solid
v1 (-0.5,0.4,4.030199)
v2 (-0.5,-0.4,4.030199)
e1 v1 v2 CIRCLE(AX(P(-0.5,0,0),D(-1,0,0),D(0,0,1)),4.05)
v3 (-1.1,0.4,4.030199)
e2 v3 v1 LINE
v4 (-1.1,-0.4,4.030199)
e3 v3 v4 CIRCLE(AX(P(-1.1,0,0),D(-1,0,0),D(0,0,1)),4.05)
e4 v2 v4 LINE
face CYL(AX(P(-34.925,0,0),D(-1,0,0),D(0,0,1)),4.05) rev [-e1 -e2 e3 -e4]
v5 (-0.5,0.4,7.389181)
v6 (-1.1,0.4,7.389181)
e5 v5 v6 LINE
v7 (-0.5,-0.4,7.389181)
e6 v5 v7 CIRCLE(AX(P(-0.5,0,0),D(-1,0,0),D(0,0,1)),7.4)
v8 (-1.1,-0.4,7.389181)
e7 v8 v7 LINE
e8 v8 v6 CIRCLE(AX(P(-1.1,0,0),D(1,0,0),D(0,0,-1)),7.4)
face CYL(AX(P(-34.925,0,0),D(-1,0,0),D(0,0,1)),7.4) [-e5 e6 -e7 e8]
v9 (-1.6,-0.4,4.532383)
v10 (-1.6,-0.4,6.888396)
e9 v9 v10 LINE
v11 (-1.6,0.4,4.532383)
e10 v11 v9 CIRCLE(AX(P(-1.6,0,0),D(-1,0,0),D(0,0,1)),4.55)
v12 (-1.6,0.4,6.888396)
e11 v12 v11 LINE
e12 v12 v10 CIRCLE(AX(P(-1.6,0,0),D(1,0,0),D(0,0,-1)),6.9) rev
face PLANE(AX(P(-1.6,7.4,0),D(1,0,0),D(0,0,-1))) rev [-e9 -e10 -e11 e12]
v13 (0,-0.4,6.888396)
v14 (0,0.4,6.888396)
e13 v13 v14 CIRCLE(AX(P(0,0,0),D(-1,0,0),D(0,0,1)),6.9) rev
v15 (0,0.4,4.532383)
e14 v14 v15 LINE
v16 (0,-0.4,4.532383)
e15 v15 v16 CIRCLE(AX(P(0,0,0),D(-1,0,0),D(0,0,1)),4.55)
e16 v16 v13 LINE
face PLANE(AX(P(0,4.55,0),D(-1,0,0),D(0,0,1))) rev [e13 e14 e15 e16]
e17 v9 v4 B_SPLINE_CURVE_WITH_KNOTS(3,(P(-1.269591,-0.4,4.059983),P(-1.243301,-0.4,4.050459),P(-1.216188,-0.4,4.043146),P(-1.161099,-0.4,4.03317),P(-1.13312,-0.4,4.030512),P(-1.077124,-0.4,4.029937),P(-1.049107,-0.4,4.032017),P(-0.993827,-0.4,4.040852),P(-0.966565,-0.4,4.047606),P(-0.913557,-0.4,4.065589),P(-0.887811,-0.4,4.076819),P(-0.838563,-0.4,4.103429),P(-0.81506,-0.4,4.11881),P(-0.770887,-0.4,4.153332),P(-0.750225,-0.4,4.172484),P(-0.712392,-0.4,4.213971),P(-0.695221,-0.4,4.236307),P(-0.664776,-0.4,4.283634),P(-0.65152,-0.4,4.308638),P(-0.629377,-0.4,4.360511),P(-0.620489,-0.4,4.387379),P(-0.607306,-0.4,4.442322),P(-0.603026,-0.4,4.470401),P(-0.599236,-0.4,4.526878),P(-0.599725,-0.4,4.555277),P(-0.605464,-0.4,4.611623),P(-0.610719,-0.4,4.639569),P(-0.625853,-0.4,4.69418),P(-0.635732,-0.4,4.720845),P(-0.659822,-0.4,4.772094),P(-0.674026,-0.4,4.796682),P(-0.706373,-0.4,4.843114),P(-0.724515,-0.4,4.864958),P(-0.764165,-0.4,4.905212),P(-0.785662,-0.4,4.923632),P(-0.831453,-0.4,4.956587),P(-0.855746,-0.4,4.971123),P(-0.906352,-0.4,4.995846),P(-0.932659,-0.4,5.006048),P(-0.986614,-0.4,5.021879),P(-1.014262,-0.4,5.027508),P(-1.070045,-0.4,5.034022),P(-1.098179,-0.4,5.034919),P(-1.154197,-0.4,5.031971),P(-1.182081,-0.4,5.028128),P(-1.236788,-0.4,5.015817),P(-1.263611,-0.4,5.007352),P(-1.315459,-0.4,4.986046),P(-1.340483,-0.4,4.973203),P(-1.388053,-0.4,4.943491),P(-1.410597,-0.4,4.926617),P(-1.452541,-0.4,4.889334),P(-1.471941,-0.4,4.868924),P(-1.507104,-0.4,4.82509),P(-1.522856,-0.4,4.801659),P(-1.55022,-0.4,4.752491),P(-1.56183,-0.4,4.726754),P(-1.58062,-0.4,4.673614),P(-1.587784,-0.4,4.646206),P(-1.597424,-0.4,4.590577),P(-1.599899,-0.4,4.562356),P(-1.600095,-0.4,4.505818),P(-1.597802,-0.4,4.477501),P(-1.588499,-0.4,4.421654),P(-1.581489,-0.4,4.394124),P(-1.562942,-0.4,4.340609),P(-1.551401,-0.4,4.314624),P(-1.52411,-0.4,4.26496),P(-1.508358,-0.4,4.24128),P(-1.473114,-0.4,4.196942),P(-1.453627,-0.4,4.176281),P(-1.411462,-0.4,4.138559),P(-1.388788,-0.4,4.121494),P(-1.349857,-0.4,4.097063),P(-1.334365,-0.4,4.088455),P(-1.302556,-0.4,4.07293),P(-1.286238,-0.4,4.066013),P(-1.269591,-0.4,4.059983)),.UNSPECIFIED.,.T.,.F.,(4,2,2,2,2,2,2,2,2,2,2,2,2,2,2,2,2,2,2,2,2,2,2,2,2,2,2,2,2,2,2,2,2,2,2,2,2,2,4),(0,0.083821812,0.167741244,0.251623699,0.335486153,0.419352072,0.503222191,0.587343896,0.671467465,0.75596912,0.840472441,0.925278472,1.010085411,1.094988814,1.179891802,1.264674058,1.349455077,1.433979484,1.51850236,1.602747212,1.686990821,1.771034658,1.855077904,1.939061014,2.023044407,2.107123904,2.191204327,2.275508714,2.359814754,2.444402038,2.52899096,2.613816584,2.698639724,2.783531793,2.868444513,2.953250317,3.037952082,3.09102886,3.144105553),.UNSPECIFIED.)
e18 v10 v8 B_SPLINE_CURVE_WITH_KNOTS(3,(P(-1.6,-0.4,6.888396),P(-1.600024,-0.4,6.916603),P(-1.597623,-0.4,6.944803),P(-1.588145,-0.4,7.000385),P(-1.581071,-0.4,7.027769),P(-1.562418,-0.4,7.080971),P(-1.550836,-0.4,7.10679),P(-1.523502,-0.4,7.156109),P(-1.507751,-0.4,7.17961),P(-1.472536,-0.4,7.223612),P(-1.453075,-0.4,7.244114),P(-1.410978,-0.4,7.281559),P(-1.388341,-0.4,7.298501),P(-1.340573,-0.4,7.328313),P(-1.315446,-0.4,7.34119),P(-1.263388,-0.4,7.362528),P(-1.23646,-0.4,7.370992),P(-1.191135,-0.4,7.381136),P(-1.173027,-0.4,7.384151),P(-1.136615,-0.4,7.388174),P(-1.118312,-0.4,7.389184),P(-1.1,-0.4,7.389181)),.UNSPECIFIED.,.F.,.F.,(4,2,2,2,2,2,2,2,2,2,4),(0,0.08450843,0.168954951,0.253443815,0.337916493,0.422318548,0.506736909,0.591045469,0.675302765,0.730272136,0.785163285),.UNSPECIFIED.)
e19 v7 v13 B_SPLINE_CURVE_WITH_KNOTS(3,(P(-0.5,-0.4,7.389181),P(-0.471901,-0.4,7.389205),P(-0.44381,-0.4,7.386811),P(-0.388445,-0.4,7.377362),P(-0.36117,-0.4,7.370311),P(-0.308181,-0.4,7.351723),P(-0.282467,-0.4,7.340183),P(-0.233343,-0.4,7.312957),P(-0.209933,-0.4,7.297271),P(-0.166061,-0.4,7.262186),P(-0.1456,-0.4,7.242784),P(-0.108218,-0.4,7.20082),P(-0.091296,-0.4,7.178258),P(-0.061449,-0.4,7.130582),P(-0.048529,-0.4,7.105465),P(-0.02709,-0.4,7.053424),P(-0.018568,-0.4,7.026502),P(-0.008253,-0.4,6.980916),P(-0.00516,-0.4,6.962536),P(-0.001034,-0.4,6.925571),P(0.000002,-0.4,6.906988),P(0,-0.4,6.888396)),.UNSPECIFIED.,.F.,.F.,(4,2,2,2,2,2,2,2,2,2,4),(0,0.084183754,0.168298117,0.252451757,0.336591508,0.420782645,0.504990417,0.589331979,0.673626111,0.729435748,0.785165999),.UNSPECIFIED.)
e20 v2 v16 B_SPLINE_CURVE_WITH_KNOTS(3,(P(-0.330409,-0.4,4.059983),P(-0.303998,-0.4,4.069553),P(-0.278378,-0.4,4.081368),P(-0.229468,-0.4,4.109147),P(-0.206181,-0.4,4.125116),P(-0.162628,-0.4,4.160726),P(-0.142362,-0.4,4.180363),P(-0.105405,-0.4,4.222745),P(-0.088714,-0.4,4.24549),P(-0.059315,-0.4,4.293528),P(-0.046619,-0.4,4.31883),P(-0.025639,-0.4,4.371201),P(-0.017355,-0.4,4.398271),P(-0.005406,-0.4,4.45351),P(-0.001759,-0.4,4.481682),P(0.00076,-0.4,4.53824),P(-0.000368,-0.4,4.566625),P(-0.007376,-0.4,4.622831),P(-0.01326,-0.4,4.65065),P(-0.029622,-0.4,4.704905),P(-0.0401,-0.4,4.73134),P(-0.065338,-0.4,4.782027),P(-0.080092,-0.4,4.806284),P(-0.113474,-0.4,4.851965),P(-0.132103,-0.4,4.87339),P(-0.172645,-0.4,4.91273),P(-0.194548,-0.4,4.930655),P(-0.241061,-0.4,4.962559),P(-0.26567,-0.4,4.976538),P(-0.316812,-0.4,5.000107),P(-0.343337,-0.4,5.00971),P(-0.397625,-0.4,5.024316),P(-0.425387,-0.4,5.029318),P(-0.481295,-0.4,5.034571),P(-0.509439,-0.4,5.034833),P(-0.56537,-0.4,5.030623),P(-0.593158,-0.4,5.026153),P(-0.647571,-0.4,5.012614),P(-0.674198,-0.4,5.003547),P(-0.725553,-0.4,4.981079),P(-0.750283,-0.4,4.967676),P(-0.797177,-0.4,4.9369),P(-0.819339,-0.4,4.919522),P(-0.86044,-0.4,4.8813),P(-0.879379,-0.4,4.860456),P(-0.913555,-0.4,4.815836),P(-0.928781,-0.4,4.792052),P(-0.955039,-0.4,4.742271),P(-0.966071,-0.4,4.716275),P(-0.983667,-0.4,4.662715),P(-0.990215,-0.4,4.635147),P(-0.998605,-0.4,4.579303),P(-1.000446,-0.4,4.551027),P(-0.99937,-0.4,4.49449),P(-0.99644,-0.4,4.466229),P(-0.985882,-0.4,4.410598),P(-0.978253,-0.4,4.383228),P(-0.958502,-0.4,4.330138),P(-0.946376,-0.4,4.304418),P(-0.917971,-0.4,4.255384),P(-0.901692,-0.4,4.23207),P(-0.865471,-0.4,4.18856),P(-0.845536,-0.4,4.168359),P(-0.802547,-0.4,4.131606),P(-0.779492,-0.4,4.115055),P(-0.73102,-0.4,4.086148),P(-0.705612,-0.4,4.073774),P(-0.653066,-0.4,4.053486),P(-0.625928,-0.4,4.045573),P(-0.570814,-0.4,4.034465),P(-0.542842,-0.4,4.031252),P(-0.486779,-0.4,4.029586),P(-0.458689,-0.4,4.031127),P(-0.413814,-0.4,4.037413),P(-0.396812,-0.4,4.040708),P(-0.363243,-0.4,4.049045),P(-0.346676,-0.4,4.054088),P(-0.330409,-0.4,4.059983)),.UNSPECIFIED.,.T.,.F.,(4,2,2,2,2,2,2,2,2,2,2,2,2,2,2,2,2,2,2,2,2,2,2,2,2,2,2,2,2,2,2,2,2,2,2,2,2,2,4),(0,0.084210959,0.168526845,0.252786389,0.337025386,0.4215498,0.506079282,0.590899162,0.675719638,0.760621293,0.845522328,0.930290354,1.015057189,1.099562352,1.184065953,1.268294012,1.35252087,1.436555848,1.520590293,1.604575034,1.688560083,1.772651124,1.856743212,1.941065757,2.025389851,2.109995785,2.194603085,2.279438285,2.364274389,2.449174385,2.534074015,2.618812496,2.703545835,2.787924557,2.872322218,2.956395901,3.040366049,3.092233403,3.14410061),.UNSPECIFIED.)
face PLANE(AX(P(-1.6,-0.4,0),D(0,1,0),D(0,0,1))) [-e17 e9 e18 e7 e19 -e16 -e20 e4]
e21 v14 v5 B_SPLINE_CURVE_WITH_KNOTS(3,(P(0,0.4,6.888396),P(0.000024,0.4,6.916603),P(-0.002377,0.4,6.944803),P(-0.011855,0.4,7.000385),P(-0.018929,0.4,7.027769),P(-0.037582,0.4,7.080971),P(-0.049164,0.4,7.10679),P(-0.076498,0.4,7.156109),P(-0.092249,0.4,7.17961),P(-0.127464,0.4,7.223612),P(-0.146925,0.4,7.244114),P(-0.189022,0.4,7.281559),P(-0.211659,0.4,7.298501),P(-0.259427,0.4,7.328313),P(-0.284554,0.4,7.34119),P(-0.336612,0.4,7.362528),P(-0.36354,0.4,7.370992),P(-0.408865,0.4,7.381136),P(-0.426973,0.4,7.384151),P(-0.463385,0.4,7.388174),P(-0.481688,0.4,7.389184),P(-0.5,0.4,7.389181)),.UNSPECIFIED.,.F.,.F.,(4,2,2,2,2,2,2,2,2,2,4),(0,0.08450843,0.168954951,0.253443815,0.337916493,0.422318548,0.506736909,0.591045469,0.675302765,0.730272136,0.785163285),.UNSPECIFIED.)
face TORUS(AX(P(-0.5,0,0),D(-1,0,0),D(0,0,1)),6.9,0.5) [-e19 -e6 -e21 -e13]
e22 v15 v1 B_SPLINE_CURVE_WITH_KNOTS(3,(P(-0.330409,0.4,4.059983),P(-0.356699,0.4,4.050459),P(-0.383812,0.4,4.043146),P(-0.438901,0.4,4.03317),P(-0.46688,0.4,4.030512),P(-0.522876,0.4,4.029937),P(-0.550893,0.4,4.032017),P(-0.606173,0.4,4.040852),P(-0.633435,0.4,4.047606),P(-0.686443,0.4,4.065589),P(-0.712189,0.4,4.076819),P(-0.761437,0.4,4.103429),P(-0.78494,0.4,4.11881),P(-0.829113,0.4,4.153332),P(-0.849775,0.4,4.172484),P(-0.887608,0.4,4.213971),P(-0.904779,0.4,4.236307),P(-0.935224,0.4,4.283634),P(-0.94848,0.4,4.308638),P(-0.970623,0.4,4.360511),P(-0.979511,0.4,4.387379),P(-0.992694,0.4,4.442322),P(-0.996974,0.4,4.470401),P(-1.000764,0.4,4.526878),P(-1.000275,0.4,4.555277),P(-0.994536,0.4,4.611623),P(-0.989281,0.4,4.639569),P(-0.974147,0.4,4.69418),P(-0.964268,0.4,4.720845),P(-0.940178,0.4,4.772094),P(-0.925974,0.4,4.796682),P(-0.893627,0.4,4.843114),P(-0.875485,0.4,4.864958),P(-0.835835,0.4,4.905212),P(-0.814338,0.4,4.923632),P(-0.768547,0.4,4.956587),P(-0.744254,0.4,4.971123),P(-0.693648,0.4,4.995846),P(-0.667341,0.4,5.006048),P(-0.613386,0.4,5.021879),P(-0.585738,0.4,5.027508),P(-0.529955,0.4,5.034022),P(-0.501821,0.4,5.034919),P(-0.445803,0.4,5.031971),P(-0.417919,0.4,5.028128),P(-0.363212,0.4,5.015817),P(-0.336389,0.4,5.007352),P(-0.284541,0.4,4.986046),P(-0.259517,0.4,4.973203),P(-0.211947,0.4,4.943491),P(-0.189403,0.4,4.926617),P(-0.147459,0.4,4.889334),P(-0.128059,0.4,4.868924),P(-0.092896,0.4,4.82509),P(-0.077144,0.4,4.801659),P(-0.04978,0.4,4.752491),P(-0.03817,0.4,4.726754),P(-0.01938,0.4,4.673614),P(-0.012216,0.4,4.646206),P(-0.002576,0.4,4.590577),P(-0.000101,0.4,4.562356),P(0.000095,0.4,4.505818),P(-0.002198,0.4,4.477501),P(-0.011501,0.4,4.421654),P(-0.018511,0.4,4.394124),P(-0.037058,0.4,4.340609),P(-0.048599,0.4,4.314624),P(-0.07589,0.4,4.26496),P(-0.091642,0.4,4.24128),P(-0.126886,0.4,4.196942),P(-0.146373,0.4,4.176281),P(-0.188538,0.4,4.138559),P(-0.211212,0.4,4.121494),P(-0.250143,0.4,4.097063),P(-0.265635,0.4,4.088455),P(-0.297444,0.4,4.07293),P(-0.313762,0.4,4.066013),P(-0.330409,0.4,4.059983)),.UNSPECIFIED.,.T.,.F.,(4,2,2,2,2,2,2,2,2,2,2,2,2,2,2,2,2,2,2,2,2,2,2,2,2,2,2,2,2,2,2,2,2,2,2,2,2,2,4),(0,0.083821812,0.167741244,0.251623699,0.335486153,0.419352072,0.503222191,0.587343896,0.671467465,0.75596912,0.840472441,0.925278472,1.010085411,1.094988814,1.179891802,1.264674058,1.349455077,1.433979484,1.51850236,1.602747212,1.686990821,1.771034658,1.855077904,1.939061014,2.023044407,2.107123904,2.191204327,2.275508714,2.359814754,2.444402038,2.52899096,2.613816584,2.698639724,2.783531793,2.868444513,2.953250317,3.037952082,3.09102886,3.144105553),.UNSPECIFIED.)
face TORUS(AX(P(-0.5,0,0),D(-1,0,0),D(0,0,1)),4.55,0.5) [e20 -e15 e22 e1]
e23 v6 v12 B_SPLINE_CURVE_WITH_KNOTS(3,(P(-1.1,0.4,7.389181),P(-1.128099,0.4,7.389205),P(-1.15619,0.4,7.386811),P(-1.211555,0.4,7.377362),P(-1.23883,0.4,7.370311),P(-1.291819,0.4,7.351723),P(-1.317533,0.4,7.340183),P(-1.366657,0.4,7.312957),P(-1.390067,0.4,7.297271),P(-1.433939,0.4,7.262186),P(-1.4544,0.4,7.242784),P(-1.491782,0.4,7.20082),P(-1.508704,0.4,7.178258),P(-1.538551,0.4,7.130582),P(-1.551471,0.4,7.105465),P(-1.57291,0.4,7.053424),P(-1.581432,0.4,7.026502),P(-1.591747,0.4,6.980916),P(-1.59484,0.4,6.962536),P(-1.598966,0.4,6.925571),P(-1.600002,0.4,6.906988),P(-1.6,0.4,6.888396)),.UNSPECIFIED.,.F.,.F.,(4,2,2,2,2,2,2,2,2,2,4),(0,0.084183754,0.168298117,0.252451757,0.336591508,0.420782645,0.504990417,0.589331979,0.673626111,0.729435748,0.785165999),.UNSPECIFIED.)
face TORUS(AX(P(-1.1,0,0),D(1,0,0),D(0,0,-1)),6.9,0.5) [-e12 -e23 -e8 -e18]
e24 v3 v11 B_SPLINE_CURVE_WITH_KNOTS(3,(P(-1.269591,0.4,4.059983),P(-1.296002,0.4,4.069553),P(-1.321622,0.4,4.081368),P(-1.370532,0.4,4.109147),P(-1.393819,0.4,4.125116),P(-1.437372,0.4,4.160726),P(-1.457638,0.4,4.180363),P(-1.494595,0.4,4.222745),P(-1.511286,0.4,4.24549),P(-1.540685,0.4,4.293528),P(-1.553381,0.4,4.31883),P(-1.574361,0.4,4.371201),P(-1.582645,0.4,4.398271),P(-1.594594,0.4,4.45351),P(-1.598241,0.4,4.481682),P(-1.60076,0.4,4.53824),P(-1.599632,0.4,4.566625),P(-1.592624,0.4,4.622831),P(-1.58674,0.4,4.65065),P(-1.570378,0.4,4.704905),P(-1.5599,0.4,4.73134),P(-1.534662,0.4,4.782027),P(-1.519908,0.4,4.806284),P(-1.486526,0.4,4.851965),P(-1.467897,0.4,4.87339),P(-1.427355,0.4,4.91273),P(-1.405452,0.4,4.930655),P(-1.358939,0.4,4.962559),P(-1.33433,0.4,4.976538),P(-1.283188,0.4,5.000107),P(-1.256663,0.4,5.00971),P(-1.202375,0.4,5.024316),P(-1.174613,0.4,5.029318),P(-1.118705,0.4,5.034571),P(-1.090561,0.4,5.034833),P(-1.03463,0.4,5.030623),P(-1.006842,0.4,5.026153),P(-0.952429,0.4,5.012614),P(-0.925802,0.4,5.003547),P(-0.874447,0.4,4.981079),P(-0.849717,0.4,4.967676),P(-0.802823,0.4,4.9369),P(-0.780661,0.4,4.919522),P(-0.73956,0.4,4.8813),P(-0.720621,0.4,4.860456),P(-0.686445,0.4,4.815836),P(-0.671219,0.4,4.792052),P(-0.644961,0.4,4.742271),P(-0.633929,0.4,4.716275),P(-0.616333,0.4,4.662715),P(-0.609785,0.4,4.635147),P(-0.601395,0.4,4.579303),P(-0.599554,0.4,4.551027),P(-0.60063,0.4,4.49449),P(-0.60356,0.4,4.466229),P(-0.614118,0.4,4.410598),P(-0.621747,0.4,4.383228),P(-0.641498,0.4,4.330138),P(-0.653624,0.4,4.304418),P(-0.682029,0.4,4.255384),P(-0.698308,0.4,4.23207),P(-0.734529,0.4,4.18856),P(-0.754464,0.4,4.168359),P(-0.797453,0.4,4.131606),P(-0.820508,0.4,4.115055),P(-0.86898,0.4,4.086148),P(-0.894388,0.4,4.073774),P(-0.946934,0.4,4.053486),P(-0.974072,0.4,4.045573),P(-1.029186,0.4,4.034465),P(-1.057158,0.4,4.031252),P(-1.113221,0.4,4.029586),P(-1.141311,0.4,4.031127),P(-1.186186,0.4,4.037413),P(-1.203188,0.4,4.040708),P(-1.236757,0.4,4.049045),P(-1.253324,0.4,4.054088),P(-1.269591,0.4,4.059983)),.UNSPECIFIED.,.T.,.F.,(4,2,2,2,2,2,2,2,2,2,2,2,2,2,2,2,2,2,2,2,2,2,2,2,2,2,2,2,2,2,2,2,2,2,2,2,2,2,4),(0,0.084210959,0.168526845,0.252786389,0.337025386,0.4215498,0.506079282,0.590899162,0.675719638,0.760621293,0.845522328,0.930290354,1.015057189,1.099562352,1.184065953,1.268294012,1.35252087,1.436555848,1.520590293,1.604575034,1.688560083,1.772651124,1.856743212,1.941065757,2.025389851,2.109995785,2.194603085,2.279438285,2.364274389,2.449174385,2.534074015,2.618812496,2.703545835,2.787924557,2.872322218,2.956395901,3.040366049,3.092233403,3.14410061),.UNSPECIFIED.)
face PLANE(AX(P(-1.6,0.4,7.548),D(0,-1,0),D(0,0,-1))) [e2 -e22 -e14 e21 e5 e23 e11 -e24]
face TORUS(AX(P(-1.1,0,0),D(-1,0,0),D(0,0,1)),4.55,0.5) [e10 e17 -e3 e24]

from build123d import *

# Parameters (mm, degrees)
SKETCH2_W = 0.8
SKETCH2_H = 7.548
GAP_DEPTH = 11.586784214
CONG_1_R  = 0.5


with BuildPart() as part:
    # Sketch1 → Base-Revolve (revolve)
    with BuildSketch(Plane.XY, mode=Mode.PRIVATE) as base_revolve_sk:
        with BuildLine():
            Line((0, 4.55), (0, 7.4))
            Line((0, 7.4), (-1.6, 7.4))
            Line((-1.6, 7.4), (-1.6, 4.55))
            ThreePointArc((-1.6, 4.55), (-1.453553391, 4.196446609), (-1.1, 4.05))
            Line((-1.1, 4.05), (-0.5, 4.05))
            ThreePointArc((-0.5, 4.05), (-0.146446609, 4.196446609), (0, 4.55))
        make_face()
    revolve(base_revolve_sk.sketch.rotate(Axis((-34.925, 0, 0), (1, 0, 0)), 90), axis=Axis((-34.925, 0, 0), (1, 0, 0)))

    # Sketch2 → Gap (cut, through all)
    with BuildSketch(Plane(origin=(0, 0, 0), x_dir=(0, -1, 0), z_dir=(-1, 0, 0))):
        with Locations((0, 3.774)):
            Rectangle(SKETCH2_W, SKETCH2_H)
    extrude(amount=GAP_DEPTH, mode=Mode.SUBTRACT)

    # Congé1
    cong_1_edges = [part.edges().sort_by_distance(p)[0] for p in [
        (-1.6, 0, -7.4),
        (0, 0, -7.4),
    ]]
    fillet(cong_1_edges, radius=CONG_1_R)


solid = part.part
